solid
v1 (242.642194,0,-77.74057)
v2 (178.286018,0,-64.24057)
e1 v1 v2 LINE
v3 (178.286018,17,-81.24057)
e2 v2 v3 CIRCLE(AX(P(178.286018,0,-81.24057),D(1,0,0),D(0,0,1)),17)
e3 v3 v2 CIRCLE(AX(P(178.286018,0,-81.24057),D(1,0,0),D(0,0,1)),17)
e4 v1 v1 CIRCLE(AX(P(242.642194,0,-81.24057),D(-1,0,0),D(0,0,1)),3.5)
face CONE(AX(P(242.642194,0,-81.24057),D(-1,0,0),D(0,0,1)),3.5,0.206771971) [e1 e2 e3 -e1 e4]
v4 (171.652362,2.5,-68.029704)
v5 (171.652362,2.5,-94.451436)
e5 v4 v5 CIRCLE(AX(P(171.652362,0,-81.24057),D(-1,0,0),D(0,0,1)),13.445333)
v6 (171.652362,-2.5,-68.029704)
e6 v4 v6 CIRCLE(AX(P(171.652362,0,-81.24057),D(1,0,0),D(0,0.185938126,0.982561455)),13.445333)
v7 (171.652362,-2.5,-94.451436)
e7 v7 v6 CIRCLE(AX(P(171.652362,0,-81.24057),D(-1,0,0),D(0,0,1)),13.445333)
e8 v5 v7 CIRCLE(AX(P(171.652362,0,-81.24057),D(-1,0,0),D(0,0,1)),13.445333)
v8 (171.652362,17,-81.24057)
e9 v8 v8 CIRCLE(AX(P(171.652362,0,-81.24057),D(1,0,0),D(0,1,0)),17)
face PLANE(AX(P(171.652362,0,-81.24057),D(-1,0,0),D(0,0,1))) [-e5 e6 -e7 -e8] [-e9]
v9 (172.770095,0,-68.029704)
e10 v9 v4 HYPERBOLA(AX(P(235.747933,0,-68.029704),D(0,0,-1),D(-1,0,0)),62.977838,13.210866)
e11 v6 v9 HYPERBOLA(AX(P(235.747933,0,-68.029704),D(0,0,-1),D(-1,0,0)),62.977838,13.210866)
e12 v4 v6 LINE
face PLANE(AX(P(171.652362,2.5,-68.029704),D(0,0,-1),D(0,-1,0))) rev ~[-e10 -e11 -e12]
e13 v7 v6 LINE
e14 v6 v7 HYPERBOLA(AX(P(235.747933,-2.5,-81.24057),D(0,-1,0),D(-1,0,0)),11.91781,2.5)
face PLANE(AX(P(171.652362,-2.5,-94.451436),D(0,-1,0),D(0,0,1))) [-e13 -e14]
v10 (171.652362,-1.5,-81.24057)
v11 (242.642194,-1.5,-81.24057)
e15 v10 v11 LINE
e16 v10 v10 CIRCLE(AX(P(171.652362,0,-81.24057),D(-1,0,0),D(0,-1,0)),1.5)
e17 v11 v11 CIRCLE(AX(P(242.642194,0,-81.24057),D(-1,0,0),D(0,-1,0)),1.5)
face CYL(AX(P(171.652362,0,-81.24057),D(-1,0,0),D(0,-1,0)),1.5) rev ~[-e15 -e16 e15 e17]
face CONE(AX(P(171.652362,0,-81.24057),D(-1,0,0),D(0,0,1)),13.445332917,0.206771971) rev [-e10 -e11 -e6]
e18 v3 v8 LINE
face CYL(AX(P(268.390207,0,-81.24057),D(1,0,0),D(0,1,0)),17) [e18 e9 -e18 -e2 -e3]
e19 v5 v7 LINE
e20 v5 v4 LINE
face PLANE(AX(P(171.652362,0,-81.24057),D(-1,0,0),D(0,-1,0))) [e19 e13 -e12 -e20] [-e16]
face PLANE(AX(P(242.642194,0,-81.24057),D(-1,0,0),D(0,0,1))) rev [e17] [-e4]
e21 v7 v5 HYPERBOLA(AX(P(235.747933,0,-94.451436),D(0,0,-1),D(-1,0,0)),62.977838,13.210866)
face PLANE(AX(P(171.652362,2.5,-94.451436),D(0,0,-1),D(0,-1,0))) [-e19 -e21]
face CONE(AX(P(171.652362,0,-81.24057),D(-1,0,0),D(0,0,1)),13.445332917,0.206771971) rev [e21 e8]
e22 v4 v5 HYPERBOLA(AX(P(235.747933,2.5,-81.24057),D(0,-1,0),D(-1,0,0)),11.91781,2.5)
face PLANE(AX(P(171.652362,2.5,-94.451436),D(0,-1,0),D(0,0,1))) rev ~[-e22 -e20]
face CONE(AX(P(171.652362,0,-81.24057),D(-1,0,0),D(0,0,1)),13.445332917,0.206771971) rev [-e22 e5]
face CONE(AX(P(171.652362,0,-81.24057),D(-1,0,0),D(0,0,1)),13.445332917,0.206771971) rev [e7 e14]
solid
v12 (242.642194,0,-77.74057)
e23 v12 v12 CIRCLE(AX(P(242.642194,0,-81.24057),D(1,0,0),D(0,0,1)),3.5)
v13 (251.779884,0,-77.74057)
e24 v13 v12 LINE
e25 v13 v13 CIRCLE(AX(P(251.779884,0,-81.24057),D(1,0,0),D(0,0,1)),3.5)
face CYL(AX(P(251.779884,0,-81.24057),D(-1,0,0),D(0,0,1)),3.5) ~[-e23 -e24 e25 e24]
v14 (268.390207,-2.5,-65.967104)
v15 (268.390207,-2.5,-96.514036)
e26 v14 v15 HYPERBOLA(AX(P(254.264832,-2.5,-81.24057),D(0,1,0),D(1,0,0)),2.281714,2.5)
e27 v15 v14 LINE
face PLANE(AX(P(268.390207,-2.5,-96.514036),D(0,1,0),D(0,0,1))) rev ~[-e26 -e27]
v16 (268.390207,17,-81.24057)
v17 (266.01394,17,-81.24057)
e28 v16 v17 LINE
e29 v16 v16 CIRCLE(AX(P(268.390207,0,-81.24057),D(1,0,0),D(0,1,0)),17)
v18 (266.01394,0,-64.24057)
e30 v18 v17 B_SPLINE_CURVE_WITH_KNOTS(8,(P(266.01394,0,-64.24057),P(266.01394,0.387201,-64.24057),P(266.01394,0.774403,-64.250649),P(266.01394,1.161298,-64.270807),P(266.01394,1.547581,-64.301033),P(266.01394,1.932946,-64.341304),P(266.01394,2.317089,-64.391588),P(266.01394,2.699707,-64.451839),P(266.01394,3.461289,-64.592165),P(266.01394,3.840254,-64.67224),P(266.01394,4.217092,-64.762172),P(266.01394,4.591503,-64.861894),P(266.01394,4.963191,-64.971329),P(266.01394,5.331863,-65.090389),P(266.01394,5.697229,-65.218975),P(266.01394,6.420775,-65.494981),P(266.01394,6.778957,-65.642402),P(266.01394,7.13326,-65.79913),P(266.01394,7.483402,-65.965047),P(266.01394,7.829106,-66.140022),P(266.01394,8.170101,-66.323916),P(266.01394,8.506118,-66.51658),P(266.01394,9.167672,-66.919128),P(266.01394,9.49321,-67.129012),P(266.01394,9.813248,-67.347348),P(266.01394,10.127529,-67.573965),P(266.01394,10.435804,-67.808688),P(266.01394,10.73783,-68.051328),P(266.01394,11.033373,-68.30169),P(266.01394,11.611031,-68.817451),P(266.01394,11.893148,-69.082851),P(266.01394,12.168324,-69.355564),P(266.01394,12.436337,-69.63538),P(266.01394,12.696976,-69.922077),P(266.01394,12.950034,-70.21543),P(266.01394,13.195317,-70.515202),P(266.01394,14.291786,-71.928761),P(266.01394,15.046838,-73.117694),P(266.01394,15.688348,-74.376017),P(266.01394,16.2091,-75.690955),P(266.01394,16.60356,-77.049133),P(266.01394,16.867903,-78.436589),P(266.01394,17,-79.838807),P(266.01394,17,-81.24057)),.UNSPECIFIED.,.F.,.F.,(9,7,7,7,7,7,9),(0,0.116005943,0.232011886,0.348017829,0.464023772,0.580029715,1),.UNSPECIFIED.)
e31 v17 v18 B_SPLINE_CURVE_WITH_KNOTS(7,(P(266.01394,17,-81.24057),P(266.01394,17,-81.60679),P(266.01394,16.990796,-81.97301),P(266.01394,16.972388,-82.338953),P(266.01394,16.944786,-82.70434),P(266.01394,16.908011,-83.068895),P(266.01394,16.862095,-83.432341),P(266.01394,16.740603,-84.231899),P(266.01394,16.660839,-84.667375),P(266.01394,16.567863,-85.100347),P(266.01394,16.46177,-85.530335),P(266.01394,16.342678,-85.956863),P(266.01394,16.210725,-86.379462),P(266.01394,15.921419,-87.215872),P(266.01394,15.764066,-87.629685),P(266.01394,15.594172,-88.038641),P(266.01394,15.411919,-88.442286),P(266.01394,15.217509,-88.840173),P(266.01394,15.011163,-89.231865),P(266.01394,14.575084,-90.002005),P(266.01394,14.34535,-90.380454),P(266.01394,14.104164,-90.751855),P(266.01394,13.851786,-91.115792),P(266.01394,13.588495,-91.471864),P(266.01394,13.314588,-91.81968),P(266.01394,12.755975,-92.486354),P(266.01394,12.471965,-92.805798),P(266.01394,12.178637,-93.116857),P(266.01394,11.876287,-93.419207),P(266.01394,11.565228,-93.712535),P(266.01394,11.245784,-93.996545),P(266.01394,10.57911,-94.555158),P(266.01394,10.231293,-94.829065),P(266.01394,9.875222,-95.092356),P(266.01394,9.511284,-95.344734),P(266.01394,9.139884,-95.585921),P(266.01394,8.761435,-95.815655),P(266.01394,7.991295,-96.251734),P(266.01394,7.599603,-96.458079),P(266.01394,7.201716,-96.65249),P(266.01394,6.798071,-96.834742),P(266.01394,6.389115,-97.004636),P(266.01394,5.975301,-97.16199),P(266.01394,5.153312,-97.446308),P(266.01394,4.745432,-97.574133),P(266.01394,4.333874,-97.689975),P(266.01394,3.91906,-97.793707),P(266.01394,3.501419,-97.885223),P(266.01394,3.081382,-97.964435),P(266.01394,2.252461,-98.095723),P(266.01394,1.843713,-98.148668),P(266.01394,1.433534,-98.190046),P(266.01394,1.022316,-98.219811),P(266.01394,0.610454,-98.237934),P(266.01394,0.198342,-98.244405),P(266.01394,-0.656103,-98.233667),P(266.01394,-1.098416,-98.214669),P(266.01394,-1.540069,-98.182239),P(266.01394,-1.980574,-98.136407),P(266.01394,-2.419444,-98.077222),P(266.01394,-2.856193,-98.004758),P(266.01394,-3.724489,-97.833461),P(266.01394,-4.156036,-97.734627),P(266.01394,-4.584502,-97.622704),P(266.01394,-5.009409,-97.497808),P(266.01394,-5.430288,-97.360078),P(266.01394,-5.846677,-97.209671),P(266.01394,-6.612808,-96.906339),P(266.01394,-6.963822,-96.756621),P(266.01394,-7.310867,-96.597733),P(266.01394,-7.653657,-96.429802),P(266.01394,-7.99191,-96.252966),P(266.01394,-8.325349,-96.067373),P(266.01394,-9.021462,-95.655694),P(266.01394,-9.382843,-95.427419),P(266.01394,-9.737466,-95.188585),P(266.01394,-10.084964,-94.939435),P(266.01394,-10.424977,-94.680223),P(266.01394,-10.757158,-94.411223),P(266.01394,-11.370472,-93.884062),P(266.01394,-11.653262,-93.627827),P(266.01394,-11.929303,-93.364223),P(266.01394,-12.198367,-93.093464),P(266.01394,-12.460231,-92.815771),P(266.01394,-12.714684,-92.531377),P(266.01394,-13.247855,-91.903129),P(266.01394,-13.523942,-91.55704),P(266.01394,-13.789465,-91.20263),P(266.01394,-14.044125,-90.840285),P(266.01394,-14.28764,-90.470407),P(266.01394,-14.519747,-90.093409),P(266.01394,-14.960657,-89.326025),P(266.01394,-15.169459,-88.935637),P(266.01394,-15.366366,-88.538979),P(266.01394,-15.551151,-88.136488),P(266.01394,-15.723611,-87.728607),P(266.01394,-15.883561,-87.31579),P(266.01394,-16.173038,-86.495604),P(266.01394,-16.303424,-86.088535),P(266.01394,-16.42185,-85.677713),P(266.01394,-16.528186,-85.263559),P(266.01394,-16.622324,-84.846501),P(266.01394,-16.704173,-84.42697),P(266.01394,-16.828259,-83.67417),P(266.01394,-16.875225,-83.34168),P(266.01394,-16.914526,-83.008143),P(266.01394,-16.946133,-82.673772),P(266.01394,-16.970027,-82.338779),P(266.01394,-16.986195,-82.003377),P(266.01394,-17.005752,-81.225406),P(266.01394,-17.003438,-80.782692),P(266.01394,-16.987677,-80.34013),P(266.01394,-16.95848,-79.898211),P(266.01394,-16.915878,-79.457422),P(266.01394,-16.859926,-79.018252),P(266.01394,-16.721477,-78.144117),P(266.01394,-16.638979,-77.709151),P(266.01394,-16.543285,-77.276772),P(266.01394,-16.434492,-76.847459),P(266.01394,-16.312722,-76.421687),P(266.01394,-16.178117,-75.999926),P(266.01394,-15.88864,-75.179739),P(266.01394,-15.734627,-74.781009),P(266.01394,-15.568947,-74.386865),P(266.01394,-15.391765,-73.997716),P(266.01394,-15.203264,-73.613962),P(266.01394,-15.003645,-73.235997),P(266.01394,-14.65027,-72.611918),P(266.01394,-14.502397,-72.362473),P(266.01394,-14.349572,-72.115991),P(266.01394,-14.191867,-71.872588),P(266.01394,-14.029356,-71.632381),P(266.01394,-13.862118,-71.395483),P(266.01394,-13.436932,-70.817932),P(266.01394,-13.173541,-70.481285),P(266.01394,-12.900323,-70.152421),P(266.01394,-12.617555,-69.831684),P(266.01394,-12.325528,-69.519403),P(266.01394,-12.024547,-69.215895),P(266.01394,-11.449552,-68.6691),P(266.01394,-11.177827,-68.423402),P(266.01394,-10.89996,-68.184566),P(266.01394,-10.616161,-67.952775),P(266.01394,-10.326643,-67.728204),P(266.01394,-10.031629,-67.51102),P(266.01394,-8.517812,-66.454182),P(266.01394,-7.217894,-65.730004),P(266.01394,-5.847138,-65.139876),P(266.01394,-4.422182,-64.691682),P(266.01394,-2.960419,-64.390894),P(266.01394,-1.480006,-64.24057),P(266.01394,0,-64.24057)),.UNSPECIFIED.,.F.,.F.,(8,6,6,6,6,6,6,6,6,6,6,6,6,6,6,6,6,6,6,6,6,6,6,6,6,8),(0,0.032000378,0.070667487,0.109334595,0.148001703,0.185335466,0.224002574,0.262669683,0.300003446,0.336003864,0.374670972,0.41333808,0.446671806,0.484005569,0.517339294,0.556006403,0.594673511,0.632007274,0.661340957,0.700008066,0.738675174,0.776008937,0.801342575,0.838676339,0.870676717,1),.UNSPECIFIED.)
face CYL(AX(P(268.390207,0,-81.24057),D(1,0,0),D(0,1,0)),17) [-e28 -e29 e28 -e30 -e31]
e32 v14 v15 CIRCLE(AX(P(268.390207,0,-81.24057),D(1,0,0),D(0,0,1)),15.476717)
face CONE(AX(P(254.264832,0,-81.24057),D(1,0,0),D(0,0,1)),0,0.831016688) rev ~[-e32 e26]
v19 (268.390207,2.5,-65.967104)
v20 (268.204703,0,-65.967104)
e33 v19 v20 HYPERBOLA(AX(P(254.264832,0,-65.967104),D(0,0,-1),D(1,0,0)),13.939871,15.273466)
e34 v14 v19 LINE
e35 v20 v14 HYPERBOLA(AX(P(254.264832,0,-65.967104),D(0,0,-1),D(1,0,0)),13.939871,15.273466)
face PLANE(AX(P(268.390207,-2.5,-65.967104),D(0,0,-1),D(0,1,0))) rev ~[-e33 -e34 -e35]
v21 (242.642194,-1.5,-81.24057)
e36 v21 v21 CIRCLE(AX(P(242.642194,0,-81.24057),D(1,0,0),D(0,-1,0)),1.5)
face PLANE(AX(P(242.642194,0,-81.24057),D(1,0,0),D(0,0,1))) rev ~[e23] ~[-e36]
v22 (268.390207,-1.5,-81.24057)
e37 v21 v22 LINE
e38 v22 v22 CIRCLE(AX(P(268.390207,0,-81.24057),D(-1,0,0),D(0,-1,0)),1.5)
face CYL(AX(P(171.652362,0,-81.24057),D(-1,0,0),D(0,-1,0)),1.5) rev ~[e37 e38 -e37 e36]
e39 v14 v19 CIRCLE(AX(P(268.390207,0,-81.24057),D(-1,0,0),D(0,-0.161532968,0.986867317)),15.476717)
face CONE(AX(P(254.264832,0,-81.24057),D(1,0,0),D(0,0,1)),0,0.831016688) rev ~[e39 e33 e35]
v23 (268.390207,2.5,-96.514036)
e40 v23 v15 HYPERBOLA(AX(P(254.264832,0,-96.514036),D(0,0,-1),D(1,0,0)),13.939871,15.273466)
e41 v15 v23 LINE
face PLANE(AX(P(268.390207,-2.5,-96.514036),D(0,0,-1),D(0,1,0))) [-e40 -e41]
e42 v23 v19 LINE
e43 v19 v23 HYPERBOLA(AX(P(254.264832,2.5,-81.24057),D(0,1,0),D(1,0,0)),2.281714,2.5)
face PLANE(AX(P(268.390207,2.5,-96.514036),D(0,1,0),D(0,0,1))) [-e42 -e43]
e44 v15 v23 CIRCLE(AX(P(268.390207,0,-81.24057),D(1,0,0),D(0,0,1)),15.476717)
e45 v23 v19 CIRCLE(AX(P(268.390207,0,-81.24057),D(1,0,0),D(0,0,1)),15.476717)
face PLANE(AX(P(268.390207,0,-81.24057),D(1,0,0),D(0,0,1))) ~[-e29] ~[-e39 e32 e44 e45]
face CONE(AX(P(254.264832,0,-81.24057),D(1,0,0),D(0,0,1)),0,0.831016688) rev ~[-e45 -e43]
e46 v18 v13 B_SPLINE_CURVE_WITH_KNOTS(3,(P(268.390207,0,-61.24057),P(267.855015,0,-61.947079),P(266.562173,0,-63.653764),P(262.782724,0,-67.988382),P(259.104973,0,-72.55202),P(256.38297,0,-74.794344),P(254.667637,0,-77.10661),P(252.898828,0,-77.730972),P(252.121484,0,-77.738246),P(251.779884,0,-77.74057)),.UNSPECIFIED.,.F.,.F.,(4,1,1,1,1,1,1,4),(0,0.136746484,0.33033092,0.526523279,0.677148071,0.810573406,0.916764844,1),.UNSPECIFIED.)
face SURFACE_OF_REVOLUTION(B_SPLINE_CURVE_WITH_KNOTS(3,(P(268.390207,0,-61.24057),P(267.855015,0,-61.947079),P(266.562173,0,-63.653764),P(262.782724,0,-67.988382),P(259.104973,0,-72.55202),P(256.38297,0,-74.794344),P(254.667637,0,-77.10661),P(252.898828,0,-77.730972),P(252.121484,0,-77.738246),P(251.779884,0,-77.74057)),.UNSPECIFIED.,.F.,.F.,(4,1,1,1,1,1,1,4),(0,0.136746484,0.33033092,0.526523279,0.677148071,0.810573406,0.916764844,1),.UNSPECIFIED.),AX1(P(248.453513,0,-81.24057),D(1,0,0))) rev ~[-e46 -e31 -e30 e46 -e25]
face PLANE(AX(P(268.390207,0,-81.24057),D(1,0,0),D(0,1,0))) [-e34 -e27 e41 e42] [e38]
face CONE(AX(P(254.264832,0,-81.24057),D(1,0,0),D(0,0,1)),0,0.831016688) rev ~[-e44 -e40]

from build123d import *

# Parameters (mm, degrees)
F4_W      = 5
F4_H      = 30.5469320461
F6_W      = 5
F6_H      = 26.4217317555
F8_R      = 1.5
F9_DEPTH  = 96.7388454146
F10_R     = 1.5
F11_DEPTH = 96.7388453146
F12_R     = 26.7019871491
F12_R_2   = 17
F13_DEPTH = 96.7388453146


with BuildPart() as f1:
    # F0 (on Front) → F1 (revolve)
    with BuildSketch(Plane.XZ):
        with BuildLine():
            Line((268.3902070652, -65.7638534904), (268.3902070652, -61.2405703372))
            add(Edge.make_bspline(
                [(268.3902070652, -61.2405703372), (267.8550149212, -61.94707859), (266.5621733522, -63.6537635506), (262.7827235281, -67.9883815252), (259.1049731221, -72.5520199027), (256.3829698169, -74.7943444767), (254.6676374758, -77.1066096601), (252.8988280895, -77.730971982), (252.1214837272, -77.7382459282), (251.7798841, -77.7405703372)],
                knots=[0, 0, 0, 0, 0.1367464843, 0.3303309199, 0.5265232792, 0.6771480714, 0.8105734062, 0.9167648438, 1, 1, 1, 1], degree=3))
            Line((251.7798841, -77.7405703372), (242.6421940327, -77.7405703372))
            Line((242.6421940327, -77.7405703372), (242.6421940327, -81.2405703372))
            Line((242.6421940327, -81.2405703372), (254.264831543, -81.2405703372))
            Line((254.264831543, -81.2405703372), (268.3902070652, -65.7638534904))
        make_face()
    revolve(axis=Axis((248.4535127878, 0, -81.2405703372), (1, 0, 0)))

    # F4 (on face) → F5 (join, up to the next surface of F1)
    with BuildSketch(Plane.YZ.offset(268.3902070652)):
        with Locations((0, -81.2405703372)):
            Rectangle(F4_W, F4_H)
    extrude(until=Until.NEXT, dir=(-1, 0, 0))


with BuildPart() as f3:
    # F2 (on Front) → F3 (revolve)
    with BuildSketch(Plane.XZ):
        Polygon((242.6421940327, -77.7405703372), (171.6523617506, -62.8490278429), (171.6523617506, -67.7952374205), (235.7479333878, -81.2405703372), (242.6421940327, -81.2405703372), align=None)
    revolve(axis=Axis((239.1950637102, 0, -81.2405703372), (-1, 0, 0)))

    # F6 (on face) → F7 (join, up to the next surface of F3)
    with BuildSketch(Plane(origin=(171.6523617506, 0, 0), x_dir=(0, -1, 0), z_dir=(-1, 0, 0))):
        with Locations((0, -81.2405703372)):
            Rectangle(F6_W, F6_H)
    extrude(until=Until.NEXT, dir=(1, 0, 0))


with BuildPart() as f9_tool:
    # F8 (on face) → F9 (new body, through all)
    with BuildSketch(Plane(origin=(171.6523617506, 0, 0), x_dir=(0, -1, 0), z_dir=(-1, 0, 0))):
        with Locations((0, -81.2405703372)):
            Circle(F8_R)
    extrude(amount=-F9_DEPTH)


with BuildPart() as f1_1:
    add(f1.part)

    # F9: cut by f9_tool
    add(f9_tool.part, mode=Mode.SUBTRACT)

    # F10 (on face) → F11 (cut, through all)
    with BuildSketch(Plane.YZ.offset(268.3902070652)):
        with Locations((0, -81.2405703372)):
            Circle(F10_R)
    extrude(amount=-F11_DEPTH, mode=Mode.SUBTRACT)


with BuildPart() as f3_1:
    add(f3.part)

    # F9: cut by f9_tool
    add(f9_tool.part, mode=Mode.SUBTRACT)


with BuildPart() as f13_tool:
    # F12 (on face) → F13 (new body, through all)
    with BuildSketch(Plane.YZ.offset(268.3902070652)):
        with Locations((0, -81.2405703372)):
            Circle(F12_R)
        with Locations((0, -81.2405703372)):
            Circle(F12_R_2, mode=Mode.SUBTRACT)
    extrude(amount=-F13_DEPTH)


with BuildPart() as f1_2:
    add(f1_1.part)

    # F13: cut by f13_tool
    add(f13_tool.part, mode=Mode.SUBTRACT)


with BuildPart() as f3_2:
    add(f3_1.part)

    # F13: cut by f13_tool
    add(f13_tool.part, mode=Mode.SUBTRACT)


solid = Compound([f1_2.part, f3_2.part])
